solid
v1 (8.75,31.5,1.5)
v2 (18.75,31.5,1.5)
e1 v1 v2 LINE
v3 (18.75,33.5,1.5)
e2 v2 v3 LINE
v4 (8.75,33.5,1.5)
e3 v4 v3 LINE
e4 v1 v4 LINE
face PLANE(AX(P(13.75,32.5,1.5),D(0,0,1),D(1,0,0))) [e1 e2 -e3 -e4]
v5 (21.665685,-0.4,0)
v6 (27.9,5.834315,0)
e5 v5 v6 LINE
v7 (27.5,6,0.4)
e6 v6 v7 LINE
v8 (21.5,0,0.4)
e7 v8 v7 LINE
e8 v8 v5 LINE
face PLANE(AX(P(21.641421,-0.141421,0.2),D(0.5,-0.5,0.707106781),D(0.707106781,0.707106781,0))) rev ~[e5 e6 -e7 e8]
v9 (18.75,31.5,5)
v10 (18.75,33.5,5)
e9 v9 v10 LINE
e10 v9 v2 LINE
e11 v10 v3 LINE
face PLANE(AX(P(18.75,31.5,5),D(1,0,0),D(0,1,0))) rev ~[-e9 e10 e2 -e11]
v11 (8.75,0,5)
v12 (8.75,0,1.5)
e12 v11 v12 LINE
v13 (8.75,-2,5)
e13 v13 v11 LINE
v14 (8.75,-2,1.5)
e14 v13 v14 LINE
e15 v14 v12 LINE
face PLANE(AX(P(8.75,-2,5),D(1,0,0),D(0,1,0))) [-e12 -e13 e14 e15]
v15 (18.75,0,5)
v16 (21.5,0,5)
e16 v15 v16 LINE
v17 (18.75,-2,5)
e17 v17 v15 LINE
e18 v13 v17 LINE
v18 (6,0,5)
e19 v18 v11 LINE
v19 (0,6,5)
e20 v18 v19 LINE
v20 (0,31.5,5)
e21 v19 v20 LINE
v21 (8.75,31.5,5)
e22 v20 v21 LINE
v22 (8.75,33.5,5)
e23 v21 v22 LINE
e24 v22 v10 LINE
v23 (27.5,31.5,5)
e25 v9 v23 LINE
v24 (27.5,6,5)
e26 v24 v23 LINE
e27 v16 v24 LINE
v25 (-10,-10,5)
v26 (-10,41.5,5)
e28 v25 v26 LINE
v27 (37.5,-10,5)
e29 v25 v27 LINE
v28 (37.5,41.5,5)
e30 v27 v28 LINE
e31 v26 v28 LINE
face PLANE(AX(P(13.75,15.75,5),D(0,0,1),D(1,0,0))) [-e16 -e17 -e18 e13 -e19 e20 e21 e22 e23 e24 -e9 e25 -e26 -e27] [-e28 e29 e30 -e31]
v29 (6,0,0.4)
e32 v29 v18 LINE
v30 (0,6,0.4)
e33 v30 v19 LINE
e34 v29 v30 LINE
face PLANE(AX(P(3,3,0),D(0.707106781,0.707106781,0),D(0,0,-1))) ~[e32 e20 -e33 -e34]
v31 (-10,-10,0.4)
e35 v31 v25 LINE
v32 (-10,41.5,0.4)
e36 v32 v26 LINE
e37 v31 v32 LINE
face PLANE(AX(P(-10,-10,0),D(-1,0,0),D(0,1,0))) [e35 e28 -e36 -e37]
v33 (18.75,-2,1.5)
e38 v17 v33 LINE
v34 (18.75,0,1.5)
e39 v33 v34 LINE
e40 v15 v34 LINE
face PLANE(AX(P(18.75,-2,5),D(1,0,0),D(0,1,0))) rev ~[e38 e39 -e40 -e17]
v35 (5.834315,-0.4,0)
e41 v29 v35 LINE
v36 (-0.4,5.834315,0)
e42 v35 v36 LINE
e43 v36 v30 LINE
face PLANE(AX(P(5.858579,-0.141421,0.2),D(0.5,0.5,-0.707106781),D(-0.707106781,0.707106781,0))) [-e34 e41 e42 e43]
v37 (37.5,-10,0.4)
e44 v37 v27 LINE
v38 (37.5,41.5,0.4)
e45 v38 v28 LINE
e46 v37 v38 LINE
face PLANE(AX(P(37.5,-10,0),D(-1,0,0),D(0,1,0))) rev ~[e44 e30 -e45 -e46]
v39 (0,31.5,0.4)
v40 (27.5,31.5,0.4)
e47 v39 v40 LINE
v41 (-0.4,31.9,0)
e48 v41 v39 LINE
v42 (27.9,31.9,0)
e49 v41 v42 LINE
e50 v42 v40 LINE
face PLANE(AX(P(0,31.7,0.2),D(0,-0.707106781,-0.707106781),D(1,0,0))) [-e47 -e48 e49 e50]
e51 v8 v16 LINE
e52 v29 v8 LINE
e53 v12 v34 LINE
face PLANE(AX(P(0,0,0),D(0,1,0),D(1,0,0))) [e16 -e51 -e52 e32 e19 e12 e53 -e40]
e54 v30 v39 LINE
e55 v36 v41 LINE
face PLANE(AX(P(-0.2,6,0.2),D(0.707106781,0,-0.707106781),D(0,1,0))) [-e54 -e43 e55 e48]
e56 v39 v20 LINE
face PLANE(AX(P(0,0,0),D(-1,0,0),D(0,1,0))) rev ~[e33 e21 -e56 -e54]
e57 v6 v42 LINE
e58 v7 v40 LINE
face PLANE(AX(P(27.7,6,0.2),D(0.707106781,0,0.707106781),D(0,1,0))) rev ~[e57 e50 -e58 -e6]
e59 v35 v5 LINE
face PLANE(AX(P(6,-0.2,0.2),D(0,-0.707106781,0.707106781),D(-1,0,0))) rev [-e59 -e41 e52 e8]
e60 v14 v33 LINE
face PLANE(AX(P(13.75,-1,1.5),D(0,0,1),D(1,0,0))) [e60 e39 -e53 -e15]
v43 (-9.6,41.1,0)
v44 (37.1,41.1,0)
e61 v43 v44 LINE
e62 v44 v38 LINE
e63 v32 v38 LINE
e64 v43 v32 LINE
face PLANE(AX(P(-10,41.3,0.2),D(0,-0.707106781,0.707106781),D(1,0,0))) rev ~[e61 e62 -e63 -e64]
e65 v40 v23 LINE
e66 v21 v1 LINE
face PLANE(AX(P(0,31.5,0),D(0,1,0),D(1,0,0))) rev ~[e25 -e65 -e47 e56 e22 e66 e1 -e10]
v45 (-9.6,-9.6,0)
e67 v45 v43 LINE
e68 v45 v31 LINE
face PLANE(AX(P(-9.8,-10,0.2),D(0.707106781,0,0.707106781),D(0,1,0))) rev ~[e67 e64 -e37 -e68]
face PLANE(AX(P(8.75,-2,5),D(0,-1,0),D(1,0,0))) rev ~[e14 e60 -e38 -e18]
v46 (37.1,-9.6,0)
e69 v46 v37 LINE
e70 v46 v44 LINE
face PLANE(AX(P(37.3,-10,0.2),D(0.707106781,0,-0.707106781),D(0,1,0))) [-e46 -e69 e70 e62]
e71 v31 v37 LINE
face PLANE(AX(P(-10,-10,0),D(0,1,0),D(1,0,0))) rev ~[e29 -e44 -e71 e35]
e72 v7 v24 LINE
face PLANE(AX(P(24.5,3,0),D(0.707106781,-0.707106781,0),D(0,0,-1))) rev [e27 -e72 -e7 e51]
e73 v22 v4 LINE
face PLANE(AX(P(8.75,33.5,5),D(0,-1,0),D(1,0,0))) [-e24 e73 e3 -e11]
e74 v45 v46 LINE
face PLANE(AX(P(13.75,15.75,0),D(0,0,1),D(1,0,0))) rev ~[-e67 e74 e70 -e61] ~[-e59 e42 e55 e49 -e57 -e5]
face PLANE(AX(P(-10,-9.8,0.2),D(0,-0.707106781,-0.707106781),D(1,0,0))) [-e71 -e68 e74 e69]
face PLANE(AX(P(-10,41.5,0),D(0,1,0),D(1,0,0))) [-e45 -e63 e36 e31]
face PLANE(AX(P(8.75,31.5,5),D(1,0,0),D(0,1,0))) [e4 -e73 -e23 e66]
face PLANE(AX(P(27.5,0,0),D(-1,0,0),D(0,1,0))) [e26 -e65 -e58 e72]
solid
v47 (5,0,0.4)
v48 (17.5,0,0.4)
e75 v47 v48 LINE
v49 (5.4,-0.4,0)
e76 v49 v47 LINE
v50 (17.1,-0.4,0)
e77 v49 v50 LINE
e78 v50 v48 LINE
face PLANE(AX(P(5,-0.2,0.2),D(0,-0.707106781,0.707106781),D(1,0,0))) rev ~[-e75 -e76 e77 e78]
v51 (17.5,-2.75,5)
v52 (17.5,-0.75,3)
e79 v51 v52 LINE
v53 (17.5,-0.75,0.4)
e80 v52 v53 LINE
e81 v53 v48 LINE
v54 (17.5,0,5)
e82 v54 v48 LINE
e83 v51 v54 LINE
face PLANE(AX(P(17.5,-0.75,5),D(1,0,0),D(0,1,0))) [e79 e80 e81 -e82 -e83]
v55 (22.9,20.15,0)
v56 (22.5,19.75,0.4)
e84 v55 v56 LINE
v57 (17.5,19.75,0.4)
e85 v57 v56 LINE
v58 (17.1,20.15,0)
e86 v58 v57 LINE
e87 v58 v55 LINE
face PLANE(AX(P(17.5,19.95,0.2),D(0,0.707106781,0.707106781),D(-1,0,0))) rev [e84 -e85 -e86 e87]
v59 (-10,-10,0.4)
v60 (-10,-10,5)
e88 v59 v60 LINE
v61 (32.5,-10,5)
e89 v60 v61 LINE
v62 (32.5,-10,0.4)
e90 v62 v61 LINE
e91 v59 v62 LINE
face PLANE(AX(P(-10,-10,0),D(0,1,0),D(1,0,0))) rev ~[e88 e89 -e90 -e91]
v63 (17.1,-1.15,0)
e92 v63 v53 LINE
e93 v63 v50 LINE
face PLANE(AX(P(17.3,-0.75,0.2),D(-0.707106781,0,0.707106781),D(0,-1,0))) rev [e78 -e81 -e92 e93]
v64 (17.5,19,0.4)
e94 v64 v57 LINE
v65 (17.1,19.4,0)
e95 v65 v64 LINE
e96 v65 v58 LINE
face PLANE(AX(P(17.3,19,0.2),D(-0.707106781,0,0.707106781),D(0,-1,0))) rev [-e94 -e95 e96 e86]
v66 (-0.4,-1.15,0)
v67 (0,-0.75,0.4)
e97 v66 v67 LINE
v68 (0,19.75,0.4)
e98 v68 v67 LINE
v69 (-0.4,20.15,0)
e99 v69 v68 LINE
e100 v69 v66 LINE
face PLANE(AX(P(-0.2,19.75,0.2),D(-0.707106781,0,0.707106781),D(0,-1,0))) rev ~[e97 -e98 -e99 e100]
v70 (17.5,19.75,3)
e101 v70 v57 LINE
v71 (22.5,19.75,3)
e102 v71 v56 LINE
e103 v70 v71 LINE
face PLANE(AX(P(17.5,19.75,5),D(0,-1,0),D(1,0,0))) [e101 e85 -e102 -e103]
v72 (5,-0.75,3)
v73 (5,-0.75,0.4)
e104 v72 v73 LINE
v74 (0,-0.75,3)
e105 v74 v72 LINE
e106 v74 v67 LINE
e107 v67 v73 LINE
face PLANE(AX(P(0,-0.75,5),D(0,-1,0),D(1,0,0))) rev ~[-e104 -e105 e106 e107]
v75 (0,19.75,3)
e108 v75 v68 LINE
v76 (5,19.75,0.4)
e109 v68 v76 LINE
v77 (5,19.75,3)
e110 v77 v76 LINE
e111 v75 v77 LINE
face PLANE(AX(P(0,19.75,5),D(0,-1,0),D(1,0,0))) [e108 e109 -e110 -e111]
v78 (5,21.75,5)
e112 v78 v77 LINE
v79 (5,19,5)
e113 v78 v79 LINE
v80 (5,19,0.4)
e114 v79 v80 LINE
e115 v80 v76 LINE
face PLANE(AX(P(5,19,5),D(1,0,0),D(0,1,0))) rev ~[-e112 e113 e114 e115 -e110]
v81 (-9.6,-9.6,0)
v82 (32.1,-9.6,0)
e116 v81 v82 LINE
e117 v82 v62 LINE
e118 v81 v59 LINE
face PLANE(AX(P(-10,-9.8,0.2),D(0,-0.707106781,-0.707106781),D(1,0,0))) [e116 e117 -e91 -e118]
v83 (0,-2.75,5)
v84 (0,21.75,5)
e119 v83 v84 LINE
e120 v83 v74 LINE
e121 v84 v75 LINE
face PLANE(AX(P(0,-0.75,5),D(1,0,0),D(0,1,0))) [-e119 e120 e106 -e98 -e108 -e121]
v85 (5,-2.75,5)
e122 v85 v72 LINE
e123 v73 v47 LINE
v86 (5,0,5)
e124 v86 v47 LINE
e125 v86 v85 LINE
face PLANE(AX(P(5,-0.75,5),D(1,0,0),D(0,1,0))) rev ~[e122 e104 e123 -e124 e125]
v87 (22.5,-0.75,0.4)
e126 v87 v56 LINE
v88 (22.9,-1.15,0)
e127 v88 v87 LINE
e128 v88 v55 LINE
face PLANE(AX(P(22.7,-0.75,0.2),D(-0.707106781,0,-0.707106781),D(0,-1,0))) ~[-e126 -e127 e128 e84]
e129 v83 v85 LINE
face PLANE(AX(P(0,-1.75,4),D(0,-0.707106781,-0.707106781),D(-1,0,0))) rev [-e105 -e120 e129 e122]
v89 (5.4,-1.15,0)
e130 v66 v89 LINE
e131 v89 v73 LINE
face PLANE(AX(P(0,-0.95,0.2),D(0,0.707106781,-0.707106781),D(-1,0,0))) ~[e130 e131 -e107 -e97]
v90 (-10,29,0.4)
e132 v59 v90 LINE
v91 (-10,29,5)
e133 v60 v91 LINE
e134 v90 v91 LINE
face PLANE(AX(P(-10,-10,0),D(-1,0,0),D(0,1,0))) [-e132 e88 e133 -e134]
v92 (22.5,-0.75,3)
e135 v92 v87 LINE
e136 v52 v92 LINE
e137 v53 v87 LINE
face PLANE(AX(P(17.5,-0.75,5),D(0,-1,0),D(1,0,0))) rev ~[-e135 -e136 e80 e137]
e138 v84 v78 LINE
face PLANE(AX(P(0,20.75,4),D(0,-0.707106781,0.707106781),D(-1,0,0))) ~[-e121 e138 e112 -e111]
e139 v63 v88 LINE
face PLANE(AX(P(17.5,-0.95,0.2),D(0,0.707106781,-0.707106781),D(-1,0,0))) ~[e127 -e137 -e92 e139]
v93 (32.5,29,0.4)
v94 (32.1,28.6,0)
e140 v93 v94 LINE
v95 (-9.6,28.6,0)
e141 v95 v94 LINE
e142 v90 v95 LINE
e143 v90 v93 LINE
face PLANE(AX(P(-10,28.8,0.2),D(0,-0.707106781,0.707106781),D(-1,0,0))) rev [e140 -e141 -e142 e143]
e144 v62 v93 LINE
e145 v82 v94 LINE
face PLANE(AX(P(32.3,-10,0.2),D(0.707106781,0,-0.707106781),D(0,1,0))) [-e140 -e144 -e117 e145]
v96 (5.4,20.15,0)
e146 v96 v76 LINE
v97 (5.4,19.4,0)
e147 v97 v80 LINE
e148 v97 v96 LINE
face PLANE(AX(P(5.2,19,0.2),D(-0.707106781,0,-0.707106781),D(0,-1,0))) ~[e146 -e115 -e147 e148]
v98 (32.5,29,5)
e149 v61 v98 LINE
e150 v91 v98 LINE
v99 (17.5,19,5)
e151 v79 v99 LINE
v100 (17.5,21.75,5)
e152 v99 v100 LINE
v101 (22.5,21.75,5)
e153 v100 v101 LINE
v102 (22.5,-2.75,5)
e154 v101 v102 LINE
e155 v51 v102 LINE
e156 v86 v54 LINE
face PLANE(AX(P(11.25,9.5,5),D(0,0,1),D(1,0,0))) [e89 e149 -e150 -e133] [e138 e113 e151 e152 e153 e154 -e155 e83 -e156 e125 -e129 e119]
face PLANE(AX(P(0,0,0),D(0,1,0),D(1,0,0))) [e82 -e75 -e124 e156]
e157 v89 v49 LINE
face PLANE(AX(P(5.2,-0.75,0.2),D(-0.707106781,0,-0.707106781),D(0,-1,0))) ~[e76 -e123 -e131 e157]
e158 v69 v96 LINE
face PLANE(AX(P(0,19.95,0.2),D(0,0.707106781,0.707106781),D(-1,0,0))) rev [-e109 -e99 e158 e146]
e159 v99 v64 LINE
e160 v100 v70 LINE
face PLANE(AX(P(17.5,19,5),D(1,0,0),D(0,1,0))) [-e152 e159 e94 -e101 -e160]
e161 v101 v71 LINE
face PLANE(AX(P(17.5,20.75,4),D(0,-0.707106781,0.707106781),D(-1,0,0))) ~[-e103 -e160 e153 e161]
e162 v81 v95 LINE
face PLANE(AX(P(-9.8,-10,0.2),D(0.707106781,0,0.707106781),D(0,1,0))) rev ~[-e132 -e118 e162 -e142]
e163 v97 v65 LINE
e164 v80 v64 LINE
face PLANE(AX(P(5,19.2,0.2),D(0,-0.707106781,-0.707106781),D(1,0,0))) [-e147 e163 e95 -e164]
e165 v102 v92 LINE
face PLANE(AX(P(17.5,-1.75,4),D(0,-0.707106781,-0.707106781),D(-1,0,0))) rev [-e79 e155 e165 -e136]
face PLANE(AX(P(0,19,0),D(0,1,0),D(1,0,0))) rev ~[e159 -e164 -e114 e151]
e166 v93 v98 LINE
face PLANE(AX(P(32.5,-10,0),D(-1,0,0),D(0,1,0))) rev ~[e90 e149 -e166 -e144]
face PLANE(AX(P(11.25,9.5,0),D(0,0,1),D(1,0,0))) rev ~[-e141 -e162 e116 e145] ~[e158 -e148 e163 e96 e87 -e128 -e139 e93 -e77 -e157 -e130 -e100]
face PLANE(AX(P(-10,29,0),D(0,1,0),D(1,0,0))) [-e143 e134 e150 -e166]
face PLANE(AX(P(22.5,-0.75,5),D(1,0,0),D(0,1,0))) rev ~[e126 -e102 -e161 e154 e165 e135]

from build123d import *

# Parameters (mm, degrees)
SKETCH_W        = 47.5
SKETCH_H        = 51.5
SKETCH_W_2      = 27.5
SKETCH_H_2      = 31.5
PAD_DEPTH       = 5
CHAMFER_SIZE    = 6
SKETCH001_W     = 10
SKETCH001_H     = 2
POCKET_DEPTH    = 3.5
CHAMFER001_SIZE = 0.4
SKETCH002_W     = 42.5
SKETCH002_H     = 39
SKETCH002_W_2   = 22.5
SKETCH002_H_2   = 19
PAD001_DEPTH    = 5
SKETCH003_W     = 5
SKETCH003_H     = 0.75
POCKET001_DEPTH = 5.001
CHAMFER002_SIZE = 2
CHAMFER003_SIZE = 0.4


with BuildPart() as outlet:
    # Sketch → Pad (new body)
    with BuildSketch(Plane.XY):
        with Locations((13.75, 15.75)):
            Rectangle(SKETCH_W, SKETCH_H)
        with Locations((13.75, 15.75)):
            Rectangle(SKETCH_W_2, SKETCH_H_2, mode=Mode.SUBTRACT)
    extrude(amount=PAD_DEPTH)

    # Chamfer
    chamfer_edges = [outlet.edges().sort_by_distance(p)[0] for p in [
        (0, 0, 2.5),
        (27.5, 0, 2.5),
    ]]
    chamfer(chamfer_edges, length=CHAMFER_SIZE)

    # Sketch001 (on Face5 of Chamfer) → Pocket (cut)
    with BuildSketch(Plane.XY.offset(5)):
        with Locations((13.75, 32.5)):
            Rectangle(SKETCH001_W, SKETCH001_H)
        with Locations((13.75, -1)):
            Rectangle(SKETCH001_W, SKETCH001_H)
    extrude(amount=-POCKET_DEPTH, mode=Mode.SUBTRACT)

    # Chamfer001
    chamfer001_edges = [outlet.edges().sort_by_distance(p)[0] for p in [
        (13.75, 0, 0),
        (3, 3, 0),
        (24.5, 3, 0),
        (0, 18.75, 0),
        (27.5, 18.75, 0),
        (13.75, 31.5, 0),
        (13.75, 41.5, 0),
        (37.5, 15.75, 0),
        (13.75, -10, 0),
        (-10, 15.75, 0),
    ]]
    chamfer(chamfer001_edges, length=CHAMFER001_SIZE)


with BuildPart() as body001:
    # Sketch002 → Pad001 (new body)
    with BuildSketch(Plane.XY):
        with Locations((11.25, 9.5)):
            Rectangle(SKETCH002_W, SKETCH002_H)
        with Locations((11.25, 9.5)):
            Rectangle(SKETCH002_W_2, SKETCH002_H_2, mode=Mode.SUBTRACT)
    extrude(amount=PAD001_DEPTH)

    # Sketch003 (on Face10 of Pad001) → Pocket001 (cut, through all)
    with BuildSketch(Plane.XY.offset(5)):
        with Locations((2.5, 19.375)):
            Rectangle(SKETCH003_W, SKETCH003_H)
        with Locations((20, 19.375)):
            Rectangle(SKETCH003_W, SKETCH003_H)
        with Locations((2.5, -0.375)):
            Rectangle(SKETCH003_W, SKETCH003_H)
        with Locations((20, -0.375)):
            Rectangle(SKETCH003_W, SKETCH003_H)
    extrude(amount=-POCKET001_DEPTH, mode=Mode.SUBTRACT)

    # Chamfer002
    chamfer002_edges = [body001.edges().sort_by_distance(p)[0] for p in [
        (2.5, 19.75, 5),
        (2.5, -0.75, 5),
        (20, -0.75, 5),
        (20, 19.75, 5),
    ]]
    chamfer(chamfer002_edges, length=CHAMFER002_SIZE)

    # Chamfer003
    chamfer003_edges = [body001.edges().sort_by_distance(p)[0] for p in [
        (11.25, 29, 0),
        (-10, 9.5, 0),
        (32.5, 9.5, 0),
        (11.25, -10, 0),
        (0, 9.5, 0),
        (2.5, 19.75, 0),
        (5, 19.375, 0),
        (11.25, 19, 0),
        (17.5, 19.375, 0),
        (20, 19.75, 0),
        (22.5, 9.5, 0),
        (20, -0.75, 0),
        (17.5, -0.375, 0),
        (11.25, 0, 0),
        (5, -0.375, 0),
        (2.5, -0.75, 0),
    ]]
    chamfer(chamfer003_edges, length=CHAMFER003_SIZE)


solid = Compound([outlet.part, body001.part])
